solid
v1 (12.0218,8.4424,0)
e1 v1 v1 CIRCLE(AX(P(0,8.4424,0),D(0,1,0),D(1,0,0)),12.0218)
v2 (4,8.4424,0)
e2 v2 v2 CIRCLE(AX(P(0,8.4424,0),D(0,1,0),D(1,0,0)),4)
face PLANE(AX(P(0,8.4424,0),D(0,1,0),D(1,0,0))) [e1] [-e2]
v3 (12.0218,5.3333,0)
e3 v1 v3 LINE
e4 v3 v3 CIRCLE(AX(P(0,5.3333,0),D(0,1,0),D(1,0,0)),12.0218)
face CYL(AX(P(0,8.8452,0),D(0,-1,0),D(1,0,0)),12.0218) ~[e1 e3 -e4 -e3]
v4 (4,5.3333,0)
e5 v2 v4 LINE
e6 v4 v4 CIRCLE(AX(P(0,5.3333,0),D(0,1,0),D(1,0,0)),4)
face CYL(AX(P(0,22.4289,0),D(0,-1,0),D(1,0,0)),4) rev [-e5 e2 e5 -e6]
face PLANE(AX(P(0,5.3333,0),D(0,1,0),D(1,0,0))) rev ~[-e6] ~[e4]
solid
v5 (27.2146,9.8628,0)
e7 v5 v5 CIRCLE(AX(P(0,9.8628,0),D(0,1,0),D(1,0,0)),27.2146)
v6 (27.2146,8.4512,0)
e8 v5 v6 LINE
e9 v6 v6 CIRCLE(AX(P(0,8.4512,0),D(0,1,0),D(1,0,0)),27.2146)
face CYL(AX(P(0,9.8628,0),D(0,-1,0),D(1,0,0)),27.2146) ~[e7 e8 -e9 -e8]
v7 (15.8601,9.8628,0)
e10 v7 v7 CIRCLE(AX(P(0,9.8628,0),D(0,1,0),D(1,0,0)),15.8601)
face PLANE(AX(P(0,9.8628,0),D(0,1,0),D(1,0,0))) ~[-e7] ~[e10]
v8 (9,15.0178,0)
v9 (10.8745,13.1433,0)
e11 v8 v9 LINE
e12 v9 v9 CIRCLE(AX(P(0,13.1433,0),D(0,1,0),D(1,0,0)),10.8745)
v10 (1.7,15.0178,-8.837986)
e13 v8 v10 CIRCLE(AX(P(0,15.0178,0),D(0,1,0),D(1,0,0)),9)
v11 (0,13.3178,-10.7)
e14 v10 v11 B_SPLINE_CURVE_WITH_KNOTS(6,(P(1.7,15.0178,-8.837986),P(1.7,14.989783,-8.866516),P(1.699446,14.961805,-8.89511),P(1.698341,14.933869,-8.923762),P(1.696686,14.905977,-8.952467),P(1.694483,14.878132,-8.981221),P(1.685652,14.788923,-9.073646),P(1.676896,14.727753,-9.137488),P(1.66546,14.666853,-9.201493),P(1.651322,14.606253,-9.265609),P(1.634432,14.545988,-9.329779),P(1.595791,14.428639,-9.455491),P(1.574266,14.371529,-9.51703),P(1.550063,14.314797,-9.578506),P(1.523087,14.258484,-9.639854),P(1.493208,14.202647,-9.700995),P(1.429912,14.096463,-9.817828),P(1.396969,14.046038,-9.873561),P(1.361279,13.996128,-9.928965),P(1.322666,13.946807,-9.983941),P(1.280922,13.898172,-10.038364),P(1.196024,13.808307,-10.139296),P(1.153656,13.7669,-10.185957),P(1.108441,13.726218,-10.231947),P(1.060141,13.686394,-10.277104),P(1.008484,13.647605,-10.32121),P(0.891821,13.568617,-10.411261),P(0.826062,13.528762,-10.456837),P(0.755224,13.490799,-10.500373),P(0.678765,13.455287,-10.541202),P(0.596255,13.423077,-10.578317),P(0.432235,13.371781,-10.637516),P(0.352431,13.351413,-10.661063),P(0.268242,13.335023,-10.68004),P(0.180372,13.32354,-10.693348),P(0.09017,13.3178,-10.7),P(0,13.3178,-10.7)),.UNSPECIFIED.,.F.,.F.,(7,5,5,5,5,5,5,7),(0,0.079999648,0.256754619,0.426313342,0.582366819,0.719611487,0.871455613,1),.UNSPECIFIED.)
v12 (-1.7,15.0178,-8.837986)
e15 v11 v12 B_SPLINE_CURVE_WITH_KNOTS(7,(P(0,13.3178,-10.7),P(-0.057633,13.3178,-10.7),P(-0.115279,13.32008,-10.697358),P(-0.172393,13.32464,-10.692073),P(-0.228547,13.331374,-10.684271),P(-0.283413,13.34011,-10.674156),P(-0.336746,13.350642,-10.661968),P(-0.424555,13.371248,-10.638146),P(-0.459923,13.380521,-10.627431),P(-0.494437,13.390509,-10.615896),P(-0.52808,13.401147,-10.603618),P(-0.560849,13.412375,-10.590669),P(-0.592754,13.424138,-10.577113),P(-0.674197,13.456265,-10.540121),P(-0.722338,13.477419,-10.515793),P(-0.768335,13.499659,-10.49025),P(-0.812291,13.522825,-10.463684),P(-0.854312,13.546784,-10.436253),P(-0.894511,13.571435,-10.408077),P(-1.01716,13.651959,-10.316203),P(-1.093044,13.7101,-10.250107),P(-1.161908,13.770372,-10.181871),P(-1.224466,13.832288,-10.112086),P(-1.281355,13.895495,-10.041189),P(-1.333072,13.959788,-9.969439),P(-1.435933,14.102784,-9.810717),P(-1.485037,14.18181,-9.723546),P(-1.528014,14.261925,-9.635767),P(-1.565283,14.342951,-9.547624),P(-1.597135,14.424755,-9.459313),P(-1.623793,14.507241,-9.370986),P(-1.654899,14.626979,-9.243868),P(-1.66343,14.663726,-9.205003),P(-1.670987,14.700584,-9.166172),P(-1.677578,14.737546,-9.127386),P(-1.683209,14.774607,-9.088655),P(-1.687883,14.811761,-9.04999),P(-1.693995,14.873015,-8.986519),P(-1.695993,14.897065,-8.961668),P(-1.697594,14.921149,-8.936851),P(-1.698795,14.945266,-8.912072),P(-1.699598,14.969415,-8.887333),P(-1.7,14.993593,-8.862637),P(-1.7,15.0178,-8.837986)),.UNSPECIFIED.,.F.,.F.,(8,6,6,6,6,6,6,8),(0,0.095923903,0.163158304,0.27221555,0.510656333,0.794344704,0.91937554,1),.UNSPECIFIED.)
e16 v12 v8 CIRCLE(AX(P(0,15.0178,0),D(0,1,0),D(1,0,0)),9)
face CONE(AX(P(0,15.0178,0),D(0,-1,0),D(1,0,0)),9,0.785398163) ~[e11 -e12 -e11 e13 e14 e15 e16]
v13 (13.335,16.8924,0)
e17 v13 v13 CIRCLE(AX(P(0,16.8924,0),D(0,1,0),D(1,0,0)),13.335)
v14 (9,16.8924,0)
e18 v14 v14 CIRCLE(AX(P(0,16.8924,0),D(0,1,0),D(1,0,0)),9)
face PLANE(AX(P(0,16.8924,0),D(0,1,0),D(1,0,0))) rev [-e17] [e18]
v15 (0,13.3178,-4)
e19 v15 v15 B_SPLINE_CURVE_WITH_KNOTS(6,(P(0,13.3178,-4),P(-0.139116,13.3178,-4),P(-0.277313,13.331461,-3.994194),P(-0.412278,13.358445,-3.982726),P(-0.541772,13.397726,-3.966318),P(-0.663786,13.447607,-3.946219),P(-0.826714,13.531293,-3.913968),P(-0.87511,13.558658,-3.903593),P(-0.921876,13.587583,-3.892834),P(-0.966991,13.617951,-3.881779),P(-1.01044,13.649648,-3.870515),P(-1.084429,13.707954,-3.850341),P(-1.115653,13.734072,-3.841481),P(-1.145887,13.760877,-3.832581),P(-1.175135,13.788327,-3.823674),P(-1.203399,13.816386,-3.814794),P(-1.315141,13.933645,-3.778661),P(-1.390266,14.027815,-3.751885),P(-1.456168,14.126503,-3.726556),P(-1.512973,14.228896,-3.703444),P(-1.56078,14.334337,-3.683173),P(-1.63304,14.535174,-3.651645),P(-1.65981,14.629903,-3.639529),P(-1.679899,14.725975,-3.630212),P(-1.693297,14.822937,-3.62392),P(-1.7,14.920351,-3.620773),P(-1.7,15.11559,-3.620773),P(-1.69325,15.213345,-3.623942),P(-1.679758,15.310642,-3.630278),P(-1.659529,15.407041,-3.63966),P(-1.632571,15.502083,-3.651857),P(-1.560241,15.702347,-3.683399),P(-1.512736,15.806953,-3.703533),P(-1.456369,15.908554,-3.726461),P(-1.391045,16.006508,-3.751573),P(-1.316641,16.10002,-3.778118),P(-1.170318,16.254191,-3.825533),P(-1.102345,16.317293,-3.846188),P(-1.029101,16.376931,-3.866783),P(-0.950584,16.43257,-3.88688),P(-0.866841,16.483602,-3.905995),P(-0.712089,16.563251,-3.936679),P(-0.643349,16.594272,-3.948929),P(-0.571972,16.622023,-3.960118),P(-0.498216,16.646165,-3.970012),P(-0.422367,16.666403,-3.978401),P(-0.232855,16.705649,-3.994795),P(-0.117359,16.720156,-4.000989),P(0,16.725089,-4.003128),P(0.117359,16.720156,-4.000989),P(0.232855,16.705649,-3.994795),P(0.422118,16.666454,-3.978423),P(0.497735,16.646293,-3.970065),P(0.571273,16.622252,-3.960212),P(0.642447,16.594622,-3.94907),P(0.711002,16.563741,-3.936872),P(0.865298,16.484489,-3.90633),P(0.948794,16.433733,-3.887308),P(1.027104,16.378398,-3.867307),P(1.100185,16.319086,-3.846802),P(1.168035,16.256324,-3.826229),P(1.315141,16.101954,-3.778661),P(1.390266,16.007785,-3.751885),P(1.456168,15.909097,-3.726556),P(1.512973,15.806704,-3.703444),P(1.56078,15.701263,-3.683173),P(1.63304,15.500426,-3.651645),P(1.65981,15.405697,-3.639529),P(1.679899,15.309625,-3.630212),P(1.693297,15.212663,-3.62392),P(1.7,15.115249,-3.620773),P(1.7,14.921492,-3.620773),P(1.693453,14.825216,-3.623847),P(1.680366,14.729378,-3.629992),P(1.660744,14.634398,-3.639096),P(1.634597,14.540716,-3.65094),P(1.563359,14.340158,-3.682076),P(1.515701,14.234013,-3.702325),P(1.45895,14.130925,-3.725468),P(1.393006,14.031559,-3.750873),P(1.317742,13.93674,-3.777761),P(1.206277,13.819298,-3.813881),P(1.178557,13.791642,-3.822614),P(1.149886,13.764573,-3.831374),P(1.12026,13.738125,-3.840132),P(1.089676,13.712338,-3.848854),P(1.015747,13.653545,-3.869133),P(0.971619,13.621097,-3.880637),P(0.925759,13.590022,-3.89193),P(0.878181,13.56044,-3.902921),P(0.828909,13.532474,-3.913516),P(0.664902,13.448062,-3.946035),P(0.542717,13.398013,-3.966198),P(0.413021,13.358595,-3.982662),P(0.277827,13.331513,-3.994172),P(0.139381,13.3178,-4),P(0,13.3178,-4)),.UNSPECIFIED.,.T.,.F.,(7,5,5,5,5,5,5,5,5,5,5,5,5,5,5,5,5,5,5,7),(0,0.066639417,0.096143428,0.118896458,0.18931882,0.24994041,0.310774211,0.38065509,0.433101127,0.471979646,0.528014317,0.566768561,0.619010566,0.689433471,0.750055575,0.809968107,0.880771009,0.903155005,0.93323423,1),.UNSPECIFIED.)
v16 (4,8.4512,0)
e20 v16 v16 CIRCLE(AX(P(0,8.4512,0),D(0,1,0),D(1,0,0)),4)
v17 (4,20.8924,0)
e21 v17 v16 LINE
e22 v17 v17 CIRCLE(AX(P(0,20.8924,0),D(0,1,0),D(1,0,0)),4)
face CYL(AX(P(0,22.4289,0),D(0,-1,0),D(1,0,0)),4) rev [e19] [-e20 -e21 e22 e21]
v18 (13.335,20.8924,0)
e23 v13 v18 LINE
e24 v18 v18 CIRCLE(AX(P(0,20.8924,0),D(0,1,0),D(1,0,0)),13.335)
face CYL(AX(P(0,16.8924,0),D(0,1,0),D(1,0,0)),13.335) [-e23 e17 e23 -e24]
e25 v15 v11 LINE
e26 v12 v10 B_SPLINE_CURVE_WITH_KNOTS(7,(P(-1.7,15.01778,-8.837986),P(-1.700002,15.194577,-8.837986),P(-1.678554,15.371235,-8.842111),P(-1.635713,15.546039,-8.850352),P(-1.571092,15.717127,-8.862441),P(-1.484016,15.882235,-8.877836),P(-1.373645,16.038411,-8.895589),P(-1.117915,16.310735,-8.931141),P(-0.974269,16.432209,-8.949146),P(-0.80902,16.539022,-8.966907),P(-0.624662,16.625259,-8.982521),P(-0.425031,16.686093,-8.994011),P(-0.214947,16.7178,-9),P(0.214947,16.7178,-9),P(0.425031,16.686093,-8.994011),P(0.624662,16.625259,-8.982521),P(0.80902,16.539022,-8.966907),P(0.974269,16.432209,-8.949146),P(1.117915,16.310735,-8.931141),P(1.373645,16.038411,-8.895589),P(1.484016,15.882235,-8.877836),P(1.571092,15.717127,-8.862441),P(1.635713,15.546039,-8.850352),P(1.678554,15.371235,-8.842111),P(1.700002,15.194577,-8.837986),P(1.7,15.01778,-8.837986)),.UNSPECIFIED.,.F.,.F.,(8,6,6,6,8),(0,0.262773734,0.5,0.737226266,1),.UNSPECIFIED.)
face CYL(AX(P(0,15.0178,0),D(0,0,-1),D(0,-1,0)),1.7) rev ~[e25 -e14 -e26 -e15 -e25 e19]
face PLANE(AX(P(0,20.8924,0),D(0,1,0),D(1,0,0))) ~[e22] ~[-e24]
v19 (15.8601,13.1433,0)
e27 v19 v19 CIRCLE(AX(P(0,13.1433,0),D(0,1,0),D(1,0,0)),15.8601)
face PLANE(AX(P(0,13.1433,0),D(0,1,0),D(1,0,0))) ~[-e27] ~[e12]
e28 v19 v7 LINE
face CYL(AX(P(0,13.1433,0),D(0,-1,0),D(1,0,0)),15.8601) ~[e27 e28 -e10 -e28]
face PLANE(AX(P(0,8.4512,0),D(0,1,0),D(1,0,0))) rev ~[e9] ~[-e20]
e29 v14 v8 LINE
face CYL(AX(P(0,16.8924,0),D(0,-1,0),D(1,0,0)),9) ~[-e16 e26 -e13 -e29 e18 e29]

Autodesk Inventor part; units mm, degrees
ref_plane "YZ Plane" through (0, 0, 0) normal (1, 0, 0) x (0, 1, 0)
ref_plane "XZ Plane" through (0, 0, 0) normal (0, 1, 0) x (-1, 0, 0)
ref_plane "XY Plane" through (0, 0, 0) normal (0, 0, 1) x (1, 0, 0)
sketch "Sketch2" plane through (0, 0, 0) normal (0, 0, 1) x (1, 0, 0)
  line L0 (-13.335, 16.8924) -> (13.335, 16.8924) construction
  line L1 (13.335, 16.8924) -> (13.335, 20.8924)
  line L2 (13.335, 20.8924) -> (-13.335, 20.8924) construction
  line L3 (-13.335, 20.8924) -> (-13.335, 16.8924)
  line L4 (-13.335, 16.8924) -> (13.335, 20.8924) construction
  line L5 (13.335, 16.8924) -> (-13.335, 20.8924) construction
  line L6 (0, -12.1762) -> (0, 12.1762) construction
  line L7 (-9, 16.8924) -> (9, 16.8924) construction
  line L8 (9, 16.8924) -> (9, 20.8924)
  line L9 (9, 20.8924) -> (-9, 20.8924) construction
  line L10 (-9, 20.8924) -> (-9, 16.8924)
  line L11 (-9, 16.8924) -> (9, 20.8924) construction
  line L12 (9, 16.8924) -> (-9, 20.8924) construction
  line L13 (31.2915, 53.5117) -> (31.2915, -42.8656) construction
  line L14 (31.2915, -42.8656) -> (-90.5187, -42.8656) construction
  line L15 (-90.5187, -42.8656) -> (-90.5187, 53.5117) construction
  line L16 (-90.5187, 53.5117) -> (31.2915, 53.5117) construction
  line L17 (15.8601, 8.4424) -> (-15.8601, 8.4424)
  line L18 (-15.8601, 8.4424) -> (-15.8601, 13.1433)
  line L19 (-15.8601, 13.1433) -> (15.8601, 13.1433)
  line L20 (15.8601, 13.1433) -> (15.8601, 8.4424)
  line L21 (15.8601, 8.4424) -> (-15.8601, 13.1433) construction
  line L22 (-15.8601, 8.4424) -> (15.8601, 13.1433) construction
  line L23 (27.2146, 8.4512) -> (-27.2146, 8.4512)
  line L24 (-27.2146, 8.4512) -> (-27.2146, 9.8628)
  line L25 (-27.2146, 9.8628) -> (27.2146, 9.8628)
  line L26 (27.2146, 9.8628) -> (27.2146, 8.4512)
  line L27 (27.2146, 8.4512) -> (-27.2146, 9.8628) construction
  line L28 (-27.2146, 8.4512) -> (27.2146, 9.8628) construction
  line L29 (12.0218, 5.3333) -> (-12.0218, 5.3333)
  line L30 (-12.0218, 5.3333) -> (-12.0218, 8.8452)
  line L31 (-12.0218, 8.8452) -> (12.0218, 8.8452)
  line L32 (12.0218, 8.8452) -> (12.0218, 5.3333)
  line L33 (12.0218, 5.3333) -> (-12.0218, 8.8452) construction
  line L34 (-12.0218, 5.3333) -> (12.0218, 8.8452) construction
  line L35 (-9, 16.8924) -> (-9, 13.1433)
  line L36 (-9, 15.0178) -> (-10.8745, 13.1433)
  line L37 (9, 16.8924) -> (9, 13.1433)
  line L38 (9, 15.0178) -> (10.8745, 13.1433)
  line L39 (-13.335, 20.8924) -> (13.335, 20.8924)
  line L40 (4, 3.8577) -> (-4, 3.8577) construction
  line L41 (-4, 3.8577) -> (-4, 22.4289)
  line L42 (-4, 22.4289) -> (4, 22.4289) construction
  line L43 (4, 22.4289) -> (4, 3.8577)
  line L44 (4, 3.8577) -> (-4, 22.4289) construction
  line L45 (-4, 3.8577) -> (4, 22.4289) construction
  line L46 (-13.335, 16.8924) -> (13.335, 16.8924)
  point P0 (0, 0)
  point P1 (0, 18.8924)
  point P2 (0, 0)
  point P3 (0, 10.7928)
  point P4 (0, 9.157)
  point P5 (0, 7.0892)
  point P6 (0, 13.1433)
  point P7 (4, 8.4424)
  point P8 (4, 5.3333)
  point P9 (12.0218, 8.4424)
  point P10 (4, 20.8924)
  point P11 (4, 8.4512)
  point P12 (15.8601, 9.8628)
  dimension "d0" = 26.67
  dimension "d1" = 18
  dimension "d32" = 45
  dimension "d33" = 45
  dimension "d36" = 8
  dimension "d44" = 4
revolve "Revolution1" add sketch "Sketch2" angle 360 about axis through (0, -12.1762, 0) along (0, 1, 0) contours L46 L8 L39 L1 | L46 L43 L39 L8 | L37 L19 L43 L46 | L38 L19 L37 | L19 L20 L25 L43 | L25 L20 L23 L32 L31 L43 | L25 L26 L23 L20 | L31 L32 L23 L43 | L17 L32 L29 L43
sketch "Sketch3" plane through (0, 0, 0) normal (0, 0, 1) x (1, 0, 0)
  line L0 (9, 15.0178) -> (-9, 15.0178) projected
  point P0 (0, 0)
  point P1 (0, 15.0178)
hole "Hole1" at (0, 15.0178, 0) direction (0, 0, -1) diameter 3.4 end through all clearance for "Hex Head Cap Screw ISO 24017" size "M3" standard "ISO"
properties part number "encoder wheel for print"
